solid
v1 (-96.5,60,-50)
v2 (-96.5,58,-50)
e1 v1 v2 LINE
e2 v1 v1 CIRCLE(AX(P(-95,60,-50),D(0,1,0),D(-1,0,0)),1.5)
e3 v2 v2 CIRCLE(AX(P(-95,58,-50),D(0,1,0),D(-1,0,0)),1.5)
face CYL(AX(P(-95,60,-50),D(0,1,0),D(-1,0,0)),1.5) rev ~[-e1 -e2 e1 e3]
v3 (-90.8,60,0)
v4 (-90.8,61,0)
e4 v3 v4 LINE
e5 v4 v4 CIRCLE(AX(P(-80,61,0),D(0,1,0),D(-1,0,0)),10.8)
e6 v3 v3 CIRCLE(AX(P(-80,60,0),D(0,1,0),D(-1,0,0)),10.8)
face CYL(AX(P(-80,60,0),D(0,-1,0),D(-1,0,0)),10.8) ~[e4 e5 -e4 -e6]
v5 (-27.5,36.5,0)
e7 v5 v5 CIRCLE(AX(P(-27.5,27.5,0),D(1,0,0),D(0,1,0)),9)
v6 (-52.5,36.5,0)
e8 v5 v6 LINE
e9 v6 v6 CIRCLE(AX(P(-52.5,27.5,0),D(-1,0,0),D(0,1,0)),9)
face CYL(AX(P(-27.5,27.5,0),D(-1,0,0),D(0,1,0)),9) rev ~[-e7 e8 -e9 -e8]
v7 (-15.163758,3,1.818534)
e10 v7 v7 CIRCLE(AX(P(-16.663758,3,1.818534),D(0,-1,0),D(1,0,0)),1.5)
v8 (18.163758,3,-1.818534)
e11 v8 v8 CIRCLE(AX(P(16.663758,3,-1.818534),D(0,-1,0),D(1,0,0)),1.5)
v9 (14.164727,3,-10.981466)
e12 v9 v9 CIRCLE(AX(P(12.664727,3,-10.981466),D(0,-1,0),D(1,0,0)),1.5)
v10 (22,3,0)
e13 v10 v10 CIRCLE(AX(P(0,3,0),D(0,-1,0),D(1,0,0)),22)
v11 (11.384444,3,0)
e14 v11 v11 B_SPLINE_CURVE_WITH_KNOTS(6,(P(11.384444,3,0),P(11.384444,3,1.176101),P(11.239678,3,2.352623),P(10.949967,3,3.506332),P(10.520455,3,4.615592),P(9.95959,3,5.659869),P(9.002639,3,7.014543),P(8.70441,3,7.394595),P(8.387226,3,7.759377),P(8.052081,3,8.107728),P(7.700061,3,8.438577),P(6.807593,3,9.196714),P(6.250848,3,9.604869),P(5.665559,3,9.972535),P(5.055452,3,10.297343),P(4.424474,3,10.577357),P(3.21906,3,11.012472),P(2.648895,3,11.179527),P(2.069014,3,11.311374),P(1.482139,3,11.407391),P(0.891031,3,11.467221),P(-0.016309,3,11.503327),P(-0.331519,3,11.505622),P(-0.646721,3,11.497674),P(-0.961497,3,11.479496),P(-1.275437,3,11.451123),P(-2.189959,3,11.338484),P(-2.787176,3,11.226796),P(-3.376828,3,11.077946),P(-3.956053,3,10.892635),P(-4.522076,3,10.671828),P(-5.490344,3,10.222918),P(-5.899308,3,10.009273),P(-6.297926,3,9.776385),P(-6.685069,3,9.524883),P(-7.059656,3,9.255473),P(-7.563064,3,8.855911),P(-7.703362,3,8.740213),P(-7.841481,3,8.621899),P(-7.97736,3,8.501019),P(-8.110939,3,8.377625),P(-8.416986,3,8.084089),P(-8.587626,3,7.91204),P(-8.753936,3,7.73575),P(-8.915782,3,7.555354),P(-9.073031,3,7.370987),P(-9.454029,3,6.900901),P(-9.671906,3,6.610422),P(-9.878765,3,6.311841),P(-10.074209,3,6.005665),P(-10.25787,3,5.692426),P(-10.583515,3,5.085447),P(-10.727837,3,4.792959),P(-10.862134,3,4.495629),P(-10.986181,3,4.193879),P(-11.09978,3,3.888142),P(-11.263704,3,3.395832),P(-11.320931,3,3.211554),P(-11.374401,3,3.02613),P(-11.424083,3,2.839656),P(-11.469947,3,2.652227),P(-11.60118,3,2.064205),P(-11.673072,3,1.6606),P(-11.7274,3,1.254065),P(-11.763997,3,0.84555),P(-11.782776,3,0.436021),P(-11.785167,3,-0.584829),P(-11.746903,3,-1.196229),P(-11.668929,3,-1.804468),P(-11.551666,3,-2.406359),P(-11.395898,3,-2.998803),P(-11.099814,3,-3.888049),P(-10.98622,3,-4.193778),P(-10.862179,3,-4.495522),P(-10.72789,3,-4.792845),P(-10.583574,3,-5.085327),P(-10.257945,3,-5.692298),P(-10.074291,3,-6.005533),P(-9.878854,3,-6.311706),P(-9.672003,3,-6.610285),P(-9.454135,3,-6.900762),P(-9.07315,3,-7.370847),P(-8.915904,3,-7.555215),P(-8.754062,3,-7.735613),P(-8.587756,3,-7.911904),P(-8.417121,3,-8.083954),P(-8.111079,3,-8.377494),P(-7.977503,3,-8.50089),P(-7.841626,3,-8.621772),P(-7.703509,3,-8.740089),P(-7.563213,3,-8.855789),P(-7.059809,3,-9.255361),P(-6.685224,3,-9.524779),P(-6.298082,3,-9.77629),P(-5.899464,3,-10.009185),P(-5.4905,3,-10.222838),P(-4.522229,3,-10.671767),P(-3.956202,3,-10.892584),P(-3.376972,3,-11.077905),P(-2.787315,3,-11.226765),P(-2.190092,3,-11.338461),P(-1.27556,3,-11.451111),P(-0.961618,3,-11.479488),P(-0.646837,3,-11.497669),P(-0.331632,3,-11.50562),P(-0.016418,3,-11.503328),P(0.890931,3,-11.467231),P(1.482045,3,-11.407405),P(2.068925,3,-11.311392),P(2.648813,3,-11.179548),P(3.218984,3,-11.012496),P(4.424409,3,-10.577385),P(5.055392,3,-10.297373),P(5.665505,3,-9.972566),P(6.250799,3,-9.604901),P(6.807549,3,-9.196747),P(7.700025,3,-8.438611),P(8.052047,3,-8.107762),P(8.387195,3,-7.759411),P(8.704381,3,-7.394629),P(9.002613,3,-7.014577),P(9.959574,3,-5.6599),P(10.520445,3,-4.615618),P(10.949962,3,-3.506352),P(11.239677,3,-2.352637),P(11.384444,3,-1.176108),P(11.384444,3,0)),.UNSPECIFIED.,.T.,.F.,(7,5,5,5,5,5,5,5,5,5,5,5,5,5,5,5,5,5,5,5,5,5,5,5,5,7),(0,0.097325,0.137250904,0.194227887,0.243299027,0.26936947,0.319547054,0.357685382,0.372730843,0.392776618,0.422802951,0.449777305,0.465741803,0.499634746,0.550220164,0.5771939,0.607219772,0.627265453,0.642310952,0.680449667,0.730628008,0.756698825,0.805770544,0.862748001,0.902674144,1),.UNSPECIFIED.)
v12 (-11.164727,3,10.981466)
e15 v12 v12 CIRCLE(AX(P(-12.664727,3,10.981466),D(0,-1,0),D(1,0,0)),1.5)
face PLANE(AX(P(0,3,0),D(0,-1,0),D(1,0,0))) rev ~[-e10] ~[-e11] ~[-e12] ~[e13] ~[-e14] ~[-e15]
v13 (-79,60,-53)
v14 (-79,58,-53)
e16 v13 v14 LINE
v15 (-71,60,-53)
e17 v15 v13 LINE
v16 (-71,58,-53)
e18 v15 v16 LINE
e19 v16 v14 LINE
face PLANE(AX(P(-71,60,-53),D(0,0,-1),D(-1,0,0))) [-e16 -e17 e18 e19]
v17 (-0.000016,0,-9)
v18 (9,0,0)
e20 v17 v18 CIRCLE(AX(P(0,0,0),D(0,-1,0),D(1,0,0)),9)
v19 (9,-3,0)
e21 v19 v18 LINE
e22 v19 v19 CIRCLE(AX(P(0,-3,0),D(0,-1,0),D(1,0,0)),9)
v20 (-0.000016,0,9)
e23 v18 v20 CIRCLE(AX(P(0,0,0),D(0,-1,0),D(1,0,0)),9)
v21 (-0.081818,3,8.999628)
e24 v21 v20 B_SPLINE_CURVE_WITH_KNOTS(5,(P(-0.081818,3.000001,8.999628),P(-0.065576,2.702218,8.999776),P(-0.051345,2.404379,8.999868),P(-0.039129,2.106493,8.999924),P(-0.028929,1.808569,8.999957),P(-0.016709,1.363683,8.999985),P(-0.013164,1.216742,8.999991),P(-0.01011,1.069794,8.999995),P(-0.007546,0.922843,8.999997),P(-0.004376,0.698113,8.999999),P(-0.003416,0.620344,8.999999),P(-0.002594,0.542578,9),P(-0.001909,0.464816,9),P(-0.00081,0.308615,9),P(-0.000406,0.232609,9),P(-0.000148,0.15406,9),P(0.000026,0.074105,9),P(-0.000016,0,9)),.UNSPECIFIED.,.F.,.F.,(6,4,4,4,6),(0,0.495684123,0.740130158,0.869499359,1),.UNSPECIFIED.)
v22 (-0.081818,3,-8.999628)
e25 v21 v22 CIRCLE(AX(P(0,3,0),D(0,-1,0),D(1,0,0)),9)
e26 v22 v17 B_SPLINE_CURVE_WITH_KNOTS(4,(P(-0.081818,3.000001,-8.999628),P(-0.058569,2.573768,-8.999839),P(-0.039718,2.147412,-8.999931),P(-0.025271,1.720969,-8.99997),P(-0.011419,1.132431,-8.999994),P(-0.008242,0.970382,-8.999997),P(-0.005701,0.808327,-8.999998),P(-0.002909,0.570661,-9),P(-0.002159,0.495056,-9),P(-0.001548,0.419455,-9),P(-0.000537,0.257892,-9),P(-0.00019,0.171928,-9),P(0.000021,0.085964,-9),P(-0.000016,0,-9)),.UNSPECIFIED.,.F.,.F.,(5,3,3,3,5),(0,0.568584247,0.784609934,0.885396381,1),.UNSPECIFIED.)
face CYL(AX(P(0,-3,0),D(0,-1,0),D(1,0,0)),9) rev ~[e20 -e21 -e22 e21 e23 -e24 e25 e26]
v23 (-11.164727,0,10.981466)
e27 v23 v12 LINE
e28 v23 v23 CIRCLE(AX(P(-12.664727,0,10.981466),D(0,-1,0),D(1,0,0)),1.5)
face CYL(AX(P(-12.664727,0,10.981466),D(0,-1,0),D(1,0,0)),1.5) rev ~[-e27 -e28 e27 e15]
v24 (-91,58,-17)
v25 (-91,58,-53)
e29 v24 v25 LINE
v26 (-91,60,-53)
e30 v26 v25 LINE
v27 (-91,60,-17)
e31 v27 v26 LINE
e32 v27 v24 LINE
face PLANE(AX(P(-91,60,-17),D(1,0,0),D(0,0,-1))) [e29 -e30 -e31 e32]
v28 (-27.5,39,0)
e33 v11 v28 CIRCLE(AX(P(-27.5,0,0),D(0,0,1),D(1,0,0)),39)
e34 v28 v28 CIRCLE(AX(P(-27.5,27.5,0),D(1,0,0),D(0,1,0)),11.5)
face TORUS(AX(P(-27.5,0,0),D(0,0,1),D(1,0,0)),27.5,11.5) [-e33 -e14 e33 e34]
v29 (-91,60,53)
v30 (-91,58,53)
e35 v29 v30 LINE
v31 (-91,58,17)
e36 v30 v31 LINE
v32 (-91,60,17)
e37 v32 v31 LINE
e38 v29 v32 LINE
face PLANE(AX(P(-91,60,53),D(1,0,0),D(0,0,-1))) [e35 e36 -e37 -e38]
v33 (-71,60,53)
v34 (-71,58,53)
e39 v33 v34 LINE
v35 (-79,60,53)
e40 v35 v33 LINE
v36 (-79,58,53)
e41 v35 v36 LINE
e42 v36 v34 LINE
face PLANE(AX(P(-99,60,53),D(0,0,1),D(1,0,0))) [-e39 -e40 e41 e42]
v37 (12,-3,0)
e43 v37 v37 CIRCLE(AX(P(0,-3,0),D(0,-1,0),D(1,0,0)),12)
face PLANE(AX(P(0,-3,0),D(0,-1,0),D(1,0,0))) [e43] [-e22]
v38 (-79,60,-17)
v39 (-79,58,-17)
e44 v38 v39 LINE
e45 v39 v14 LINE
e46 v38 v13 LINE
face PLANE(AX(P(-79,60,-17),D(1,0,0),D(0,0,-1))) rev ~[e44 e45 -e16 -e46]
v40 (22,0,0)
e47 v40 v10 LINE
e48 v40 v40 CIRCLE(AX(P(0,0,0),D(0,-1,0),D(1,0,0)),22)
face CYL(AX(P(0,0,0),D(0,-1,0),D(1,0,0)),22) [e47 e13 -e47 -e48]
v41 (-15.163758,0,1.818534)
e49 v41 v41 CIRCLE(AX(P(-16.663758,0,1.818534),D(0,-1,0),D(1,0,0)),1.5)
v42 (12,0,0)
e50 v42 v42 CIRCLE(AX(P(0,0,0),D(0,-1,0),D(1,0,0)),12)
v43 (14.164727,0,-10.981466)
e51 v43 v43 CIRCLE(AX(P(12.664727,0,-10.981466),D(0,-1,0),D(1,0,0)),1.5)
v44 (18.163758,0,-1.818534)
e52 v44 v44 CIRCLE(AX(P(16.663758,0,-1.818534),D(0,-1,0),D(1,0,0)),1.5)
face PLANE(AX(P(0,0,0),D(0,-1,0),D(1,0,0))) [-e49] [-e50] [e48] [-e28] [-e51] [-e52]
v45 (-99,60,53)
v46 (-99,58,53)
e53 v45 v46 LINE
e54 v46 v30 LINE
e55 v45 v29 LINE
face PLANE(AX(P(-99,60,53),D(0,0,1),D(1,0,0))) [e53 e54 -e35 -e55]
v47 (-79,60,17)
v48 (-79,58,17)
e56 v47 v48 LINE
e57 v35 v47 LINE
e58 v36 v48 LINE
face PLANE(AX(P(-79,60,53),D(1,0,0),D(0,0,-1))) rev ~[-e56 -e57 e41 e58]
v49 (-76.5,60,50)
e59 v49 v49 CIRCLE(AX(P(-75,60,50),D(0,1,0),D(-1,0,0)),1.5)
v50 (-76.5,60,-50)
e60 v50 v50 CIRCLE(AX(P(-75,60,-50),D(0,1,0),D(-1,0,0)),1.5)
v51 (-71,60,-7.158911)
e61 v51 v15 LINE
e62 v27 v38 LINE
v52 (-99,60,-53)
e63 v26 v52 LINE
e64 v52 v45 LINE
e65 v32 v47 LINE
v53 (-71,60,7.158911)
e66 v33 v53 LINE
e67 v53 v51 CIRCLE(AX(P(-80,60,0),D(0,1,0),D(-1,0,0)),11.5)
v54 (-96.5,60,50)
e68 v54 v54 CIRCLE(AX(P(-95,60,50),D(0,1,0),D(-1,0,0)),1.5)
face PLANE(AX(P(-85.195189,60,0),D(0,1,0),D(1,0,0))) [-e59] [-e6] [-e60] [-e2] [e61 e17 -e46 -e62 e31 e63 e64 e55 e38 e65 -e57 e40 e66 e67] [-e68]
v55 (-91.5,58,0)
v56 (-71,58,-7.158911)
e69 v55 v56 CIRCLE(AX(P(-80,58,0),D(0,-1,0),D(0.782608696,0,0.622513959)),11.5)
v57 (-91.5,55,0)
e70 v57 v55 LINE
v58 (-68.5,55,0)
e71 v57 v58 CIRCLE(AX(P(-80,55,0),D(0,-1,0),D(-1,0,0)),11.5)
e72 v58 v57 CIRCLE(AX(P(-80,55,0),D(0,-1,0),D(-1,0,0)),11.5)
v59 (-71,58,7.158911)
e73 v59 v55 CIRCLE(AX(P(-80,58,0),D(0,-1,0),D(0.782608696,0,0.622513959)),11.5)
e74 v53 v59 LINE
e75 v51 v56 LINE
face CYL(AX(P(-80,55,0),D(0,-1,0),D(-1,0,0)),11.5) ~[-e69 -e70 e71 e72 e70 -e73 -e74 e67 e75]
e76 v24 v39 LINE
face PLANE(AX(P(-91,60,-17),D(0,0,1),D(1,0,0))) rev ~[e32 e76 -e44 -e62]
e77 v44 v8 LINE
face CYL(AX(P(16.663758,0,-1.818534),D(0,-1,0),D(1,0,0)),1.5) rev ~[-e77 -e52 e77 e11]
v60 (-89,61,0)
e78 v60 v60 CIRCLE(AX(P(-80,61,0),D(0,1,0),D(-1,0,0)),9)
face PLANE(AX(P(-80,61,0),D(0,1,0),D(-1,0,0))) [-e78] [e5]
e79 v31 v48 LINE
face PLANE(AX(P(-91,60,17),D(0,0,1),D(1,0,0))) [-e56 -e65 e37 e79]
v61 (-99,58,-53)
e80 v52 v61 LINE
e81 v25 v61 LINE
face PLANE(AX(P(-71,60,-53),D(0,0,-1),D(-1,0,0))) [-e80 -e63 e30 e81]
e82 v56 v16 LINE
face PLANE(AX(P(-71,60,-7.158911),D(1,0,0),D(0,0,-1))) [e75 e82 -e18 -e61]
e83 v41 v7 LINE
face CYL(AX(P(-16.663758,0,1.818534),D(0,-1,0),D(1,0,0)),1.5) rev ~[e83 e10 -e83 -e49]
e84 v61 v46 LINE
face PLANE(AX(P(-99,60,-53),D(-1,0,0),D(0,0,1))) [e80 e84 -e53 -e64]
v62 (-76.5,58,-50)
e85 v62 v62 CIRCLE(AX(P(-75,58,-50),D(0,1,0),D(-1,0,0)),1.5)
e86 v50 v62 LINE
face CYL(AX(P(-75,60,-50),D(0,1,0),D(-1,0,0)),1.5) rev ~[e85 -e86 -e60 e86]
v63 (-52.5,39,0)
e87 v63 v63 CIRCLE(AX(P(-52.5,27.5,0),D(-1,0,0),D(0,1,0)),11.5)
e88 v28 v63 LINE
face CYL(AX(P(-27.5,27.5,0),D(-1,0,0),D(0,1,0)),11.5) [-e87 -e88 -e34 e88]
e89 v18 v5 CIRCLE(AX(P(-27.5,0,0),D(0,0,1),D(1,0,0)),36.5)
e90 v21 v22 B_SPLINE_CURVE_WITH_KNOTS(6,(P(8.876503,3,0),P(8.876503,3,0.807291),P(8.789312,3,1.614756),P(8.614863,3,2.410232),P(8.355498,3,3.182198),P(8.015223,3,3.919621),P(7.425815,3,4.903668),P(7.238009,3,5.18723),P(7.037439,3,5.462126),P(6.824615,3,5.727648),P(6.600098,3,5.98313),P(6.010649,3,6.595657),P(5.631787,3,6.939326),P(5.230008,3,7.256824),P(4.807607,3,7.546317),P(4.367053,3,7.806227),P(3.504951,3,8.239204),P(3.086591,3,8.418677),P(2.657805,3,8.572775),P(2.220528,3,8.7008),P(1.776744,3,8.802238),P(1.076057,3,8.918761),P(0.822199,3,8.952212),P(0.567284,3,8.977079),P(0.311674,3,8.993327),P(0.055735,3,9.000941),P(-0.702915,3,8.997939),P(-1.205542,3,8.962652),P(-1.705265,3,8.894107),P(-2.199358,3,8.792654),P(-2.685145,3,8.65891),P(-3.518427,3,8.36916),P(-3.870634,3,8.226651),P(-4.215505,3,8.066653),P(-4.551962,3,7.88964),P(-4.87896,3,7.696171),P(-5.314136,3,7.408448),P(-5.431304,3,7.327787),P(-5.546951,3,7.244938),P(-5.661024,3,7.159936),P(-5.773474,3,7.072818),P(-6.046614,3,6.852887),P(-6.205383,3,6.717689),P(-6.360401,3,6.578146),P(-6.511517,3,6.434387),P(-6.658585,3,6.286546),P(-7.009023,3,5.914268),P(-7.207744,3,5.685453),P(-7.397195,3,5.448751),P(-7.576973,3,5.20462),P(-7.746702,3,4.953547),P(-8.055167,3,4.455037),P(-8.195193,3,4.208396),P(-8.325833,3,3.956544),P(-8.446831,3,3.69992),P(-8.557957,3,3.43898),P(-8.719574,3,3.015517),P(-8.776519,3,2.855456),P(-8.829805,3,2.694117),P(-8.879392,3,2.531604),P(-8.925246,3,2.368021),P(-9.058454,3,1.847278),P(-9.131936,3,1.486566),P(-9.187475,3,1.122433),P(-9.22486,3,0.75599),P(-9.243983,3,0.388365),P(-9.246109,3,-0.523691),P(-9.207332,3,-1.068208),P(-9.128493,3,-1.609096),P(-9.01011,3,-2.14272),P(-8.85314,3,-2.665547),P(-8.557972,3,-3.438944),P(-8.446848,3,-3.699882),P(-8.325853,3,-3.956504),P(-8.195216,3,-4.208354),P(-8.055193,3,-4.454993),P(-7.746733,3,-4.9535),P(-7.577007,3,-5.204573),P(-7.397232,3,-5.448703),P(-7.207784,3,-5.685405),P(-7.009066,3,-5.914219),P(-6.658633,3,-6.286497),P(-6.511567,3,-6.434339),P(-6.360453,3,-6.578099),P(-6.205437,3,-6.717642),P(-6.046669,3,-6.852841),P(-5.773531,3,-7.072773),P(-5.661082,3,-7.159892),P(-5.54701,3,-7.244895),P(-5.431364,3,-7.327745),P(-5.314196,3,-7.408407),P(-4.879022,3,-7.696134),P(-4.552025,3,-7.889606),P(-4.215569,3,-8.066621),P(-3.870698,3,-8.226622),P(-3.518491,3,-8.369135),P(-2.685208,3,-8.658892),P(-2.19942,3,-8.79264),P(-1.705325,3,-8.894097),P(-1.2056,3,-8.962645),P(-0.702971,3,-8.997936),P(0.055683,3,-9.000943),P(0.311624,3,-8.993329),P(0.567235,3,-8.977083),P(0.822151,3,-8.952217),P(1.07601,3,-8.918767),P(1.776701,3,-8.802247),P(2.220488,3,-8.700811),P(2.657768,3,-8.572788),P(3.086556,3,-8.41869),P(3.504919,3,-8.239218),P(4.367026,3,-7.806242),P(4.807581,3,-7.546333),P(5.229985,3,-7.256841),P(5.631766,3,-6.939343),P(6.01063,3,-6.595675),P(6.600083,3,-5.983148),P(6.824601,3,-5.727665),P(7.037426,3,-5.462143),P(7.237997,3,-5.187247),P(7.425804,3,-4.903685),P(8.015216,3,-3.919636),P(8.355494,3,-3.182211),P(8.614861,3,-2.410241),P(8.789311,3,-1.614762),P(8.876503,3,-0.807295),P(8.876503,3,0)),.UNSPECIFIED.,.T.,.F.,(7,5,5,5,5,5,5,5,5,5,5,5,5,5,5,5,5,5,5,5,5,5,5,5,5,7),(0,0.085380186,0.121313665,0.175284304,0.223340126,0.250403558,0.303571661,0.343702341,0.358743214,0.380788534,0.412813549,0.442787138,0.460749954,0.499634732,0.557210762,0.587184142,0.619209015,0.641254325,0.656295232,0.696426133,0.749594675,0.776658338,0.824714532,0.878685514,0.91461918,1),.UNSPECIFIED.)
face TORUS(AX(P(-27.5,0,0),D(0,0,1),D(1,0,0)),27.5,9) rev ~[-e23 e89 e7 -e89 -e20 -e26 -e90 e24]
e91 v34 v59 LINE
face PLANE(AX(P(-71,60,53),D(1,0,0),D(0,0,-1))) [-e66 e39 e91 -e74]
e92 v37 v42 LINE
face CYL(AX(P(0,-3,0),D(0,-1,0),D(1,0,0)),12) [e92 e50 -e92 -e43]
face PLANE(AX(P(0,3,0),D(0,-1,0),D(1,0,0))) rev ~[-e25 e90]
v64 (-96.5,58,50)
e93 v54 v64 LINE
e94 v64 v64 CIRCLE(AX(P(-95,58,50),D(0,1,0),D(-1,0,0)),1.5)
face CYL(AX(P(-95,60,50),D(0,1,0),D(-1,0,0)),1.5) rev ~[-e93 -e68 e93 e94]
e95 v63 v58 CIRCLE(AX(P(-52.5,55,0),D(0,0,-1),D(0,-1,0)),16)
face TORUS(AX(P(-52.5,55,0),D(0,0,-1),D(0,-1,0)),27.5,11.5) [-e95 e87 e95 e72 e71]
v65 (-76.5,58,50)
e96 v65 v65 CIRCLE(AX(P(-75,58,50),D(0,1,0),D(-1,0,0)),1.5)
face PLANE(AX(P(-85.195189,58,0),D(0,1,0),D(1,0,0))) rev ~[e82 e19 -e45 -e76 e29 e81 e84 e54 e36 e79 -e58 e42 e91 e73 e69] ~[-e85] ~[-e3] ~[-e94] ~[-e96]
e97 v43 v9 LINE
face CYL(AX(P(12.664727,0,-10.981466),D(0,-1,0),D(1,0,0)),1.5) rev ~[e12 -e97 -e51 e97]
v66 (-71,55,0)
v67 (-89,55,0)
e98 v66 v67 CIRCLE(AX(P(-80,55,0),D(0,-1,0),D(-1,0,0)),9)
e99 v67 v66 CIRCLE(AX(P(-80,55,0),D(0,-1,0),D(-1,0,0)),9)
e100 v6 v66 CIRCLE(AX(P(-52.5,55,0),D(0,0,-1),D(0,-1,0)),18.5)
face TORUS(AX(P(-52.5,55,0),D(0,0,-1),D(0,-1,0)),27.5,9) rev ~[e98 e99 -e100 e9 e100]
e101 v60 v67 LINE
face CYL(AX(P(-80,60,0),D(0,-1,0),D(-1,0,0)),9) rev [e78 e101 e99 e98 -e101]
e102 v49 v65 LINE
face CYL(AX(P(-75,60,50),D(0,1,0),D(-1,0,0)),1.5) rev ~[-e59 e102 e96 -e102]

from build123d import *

# Parameters (mm, degrees)
SWEEP_1_PROFILE_R   = 11.5
SWEEP_1_PROFILE_R_2 = 9
SKETCH_3_R          = 22
SKETCH_3_R_2        = 9
EXTRUDE_1_DEPTH     = 3
EXTRUDE_START       = 3
SKETCH_4_R          = 12
SKETCH_4_R_2        = 9
EXTRUDE_2_DEPTH     = 3
SKETCH_7_R          = 1.5
CUT_EXTRUDE_1_DEPTH = 10
SKETCH_8_R          = 11.5
SKETCH_8_R_2        = 9
EXTRUDE_3_DEPTH     = 5
SKETCH_9_R          = 10.8
SKETCH_9_R_2        = 9
EXTRUDE_4_DEPTH     = 1
SKETCH_10_R         = 1.5
EXTRUDE_5_DEPTH     = 2
SKETCH_11_W         = 12
SKETCH_11_H         = 36
CUT_EXTRUDE_2_DEPTH = 10


with BuildPart() as part:
    # 扫描-薄件1: sweep along a path in 草图1
    with BuildLine(Plane.XY) as sweep_1_path:
        ThreePointArc((0, 0), (-8.054563517, 19.445436483), (-27.5, 27.5))
        Line((-27.5, 27.5), (-52.5, 27.5))
        ThreePointArc((-52.5, 27.5), (-71.945436483, 35.554563517), (-80, 55))
    # 扫描-薄件1 profile (on start of the path) → 扫描-薄件1 (sweep)
    with BuildSketch(Plane(origin=(0, 0, 0), x_dir=(1, 0, 0), z_dir=(0, 1, 0))):
        Circle(SWEEP_1_PROFILE_R)
        Circle(SWEEP_1_PROFILE_R_2, mode=Mode.SUBTRACT)
    sweep(path=sweep_1_path.line)

    # 草图3 → 凸台-拉伸1 (add)
    with BuildSketch(Plane.XZ):
        Circle(SKETCH_3_R)
        Circle(SKETCH_3_R_2, mode=Mode.SUBTRACT)
    extrude(amount=-EXTRUDE_1_DEPTH)

    # 草图4 → 凸台-拉伸2 (add)
    with BuildSketch(Plane.XZ.offset(EXTRUDE_START)):
        Circle(SKETCH_4_R)
        Circle(SKETCH_4_R_2, mode=Mode.SUBTRACT)
    extrude(amount=-EXTRUDE_2_DEPTH)

    # 草图7 → 切除-拉伸1 (cut)
    with BuildSketch(Plane.XZ):
        with Locations((-12.664726672, 10.981465686)):
            Circle(SKETCH_7_R)
        with Locations((12.664726672, -10.981465686)):
            Circle(SKETCH_7_R)
        with Locations((-16.663757776, 1.818534314)):
            Circle(SKETCH_7_R)
        with Locations((16.663757776, -1.818534314)):
            Circle(SKETCH_7_R)
    extrude(amount=-CUT_EXTRUDE_1_DEPTH, mode=Mode.SUBTRACT)

    # 草图8 → 凸台-拉伸3 (add)
    with BuildSketch(Plane(origin=(0, 55, 0), x_dir=(1, 0, 0), z_dir=(0, 1, 0))):
        with Locations(Location((-80, 0, 0), (0, 0, 180))):
            Circle(SKETCH_8_R)
        with Locations(Location((-80, 0, 0), (0, 0, 180))):
            Circle(SKETCH_8_R_2, mode=Mode.SUBTRACT)
    extrude(amount=EXTRUDE_3_DEPTH)

    # 草图9 → 凸台-拉伸4 (add)
    with BuildSketch(Plane(origin=(0, 60, 0), x_dir=(1, 0, 0), z_dir=(0, 1, 0))):
        with Locations(Location((-80, 0, 0), (0, 0, 180))):
            Circle(SKETCH_9_R)
        with Locations(Location((-80, 0, 0), (0, 0, 180))):
            Circle(SKETCH_9_R_2, mode=Mode.SUBTRACT)
    extrude(amount=EXTRUDE_4_DEPTH)


with BuildPart() as body_2:
    # 草图10 → 凸台-拉伸5 (new body)
    with BuildSketch(Plane(origin=(0, 60, 0), x_dir=(1, 0, 0), z_dir=(0, 1, 0))):
        with BuildLine():
            Line((-71, 7.158910532), (-71, 53))
            Line((-71, 53), (-99, 53))
            Line((-99, 53), (-99, -53))
            Line((-99, -53), (-71, -53))
            Line((-71, -53), (-71, -7.158910532))
            ThreePointArc((-71, -7.158910532), (-91.5, 0), (-71, 7.158910532))
        make_face()
        with Locations(Location((-95, 50, 0), (0, 0, 180))):
            Circle(SKETCH_10_R, mode=Mode.SUBTRACT)
        with Locations(Location((-75, 50, 0), (0, 0, 180))):
            Circle(SKETCH_10_R, mode=Mode.SUBTRACT)
        with Locations(Location((-95, -50, 0), (0, 0, 180))):
            Circle(SKETCH_10_R, mode=Mode.SUBTRACT)
        with Locations(Location((-75, -50, 0), (0, 0, 180))):
            Circle(SKETCH_10_R, mode=Mode.SUBTRACT)
    extrude(amount=-EXTRUDE_5_DEPTH)

    # 草图11 → 切除-拉伸2 (cut)
    with BuildSketch(Plane(origin=(0, 60, 0), x_dir=(1, 0, 0), z_dir=(0, 1, 0))):
        with Locations((-85, 35)):
            Rectangle(SKETCH_11_W, SKETCH_11_H)
        with Locations((-85, -35)):
            Rectangle(SKETCH_11_W, SKETCH_11_H)
    extrude(amount=-CUT_EXTRUDE_2_DEPTH, mode=Mode.SUBTRACT)


with BuildPart() as part_1:
    add(part.part)

    # Combine 1: union body 2
    add(body_2.part)


solid = part_1.part
